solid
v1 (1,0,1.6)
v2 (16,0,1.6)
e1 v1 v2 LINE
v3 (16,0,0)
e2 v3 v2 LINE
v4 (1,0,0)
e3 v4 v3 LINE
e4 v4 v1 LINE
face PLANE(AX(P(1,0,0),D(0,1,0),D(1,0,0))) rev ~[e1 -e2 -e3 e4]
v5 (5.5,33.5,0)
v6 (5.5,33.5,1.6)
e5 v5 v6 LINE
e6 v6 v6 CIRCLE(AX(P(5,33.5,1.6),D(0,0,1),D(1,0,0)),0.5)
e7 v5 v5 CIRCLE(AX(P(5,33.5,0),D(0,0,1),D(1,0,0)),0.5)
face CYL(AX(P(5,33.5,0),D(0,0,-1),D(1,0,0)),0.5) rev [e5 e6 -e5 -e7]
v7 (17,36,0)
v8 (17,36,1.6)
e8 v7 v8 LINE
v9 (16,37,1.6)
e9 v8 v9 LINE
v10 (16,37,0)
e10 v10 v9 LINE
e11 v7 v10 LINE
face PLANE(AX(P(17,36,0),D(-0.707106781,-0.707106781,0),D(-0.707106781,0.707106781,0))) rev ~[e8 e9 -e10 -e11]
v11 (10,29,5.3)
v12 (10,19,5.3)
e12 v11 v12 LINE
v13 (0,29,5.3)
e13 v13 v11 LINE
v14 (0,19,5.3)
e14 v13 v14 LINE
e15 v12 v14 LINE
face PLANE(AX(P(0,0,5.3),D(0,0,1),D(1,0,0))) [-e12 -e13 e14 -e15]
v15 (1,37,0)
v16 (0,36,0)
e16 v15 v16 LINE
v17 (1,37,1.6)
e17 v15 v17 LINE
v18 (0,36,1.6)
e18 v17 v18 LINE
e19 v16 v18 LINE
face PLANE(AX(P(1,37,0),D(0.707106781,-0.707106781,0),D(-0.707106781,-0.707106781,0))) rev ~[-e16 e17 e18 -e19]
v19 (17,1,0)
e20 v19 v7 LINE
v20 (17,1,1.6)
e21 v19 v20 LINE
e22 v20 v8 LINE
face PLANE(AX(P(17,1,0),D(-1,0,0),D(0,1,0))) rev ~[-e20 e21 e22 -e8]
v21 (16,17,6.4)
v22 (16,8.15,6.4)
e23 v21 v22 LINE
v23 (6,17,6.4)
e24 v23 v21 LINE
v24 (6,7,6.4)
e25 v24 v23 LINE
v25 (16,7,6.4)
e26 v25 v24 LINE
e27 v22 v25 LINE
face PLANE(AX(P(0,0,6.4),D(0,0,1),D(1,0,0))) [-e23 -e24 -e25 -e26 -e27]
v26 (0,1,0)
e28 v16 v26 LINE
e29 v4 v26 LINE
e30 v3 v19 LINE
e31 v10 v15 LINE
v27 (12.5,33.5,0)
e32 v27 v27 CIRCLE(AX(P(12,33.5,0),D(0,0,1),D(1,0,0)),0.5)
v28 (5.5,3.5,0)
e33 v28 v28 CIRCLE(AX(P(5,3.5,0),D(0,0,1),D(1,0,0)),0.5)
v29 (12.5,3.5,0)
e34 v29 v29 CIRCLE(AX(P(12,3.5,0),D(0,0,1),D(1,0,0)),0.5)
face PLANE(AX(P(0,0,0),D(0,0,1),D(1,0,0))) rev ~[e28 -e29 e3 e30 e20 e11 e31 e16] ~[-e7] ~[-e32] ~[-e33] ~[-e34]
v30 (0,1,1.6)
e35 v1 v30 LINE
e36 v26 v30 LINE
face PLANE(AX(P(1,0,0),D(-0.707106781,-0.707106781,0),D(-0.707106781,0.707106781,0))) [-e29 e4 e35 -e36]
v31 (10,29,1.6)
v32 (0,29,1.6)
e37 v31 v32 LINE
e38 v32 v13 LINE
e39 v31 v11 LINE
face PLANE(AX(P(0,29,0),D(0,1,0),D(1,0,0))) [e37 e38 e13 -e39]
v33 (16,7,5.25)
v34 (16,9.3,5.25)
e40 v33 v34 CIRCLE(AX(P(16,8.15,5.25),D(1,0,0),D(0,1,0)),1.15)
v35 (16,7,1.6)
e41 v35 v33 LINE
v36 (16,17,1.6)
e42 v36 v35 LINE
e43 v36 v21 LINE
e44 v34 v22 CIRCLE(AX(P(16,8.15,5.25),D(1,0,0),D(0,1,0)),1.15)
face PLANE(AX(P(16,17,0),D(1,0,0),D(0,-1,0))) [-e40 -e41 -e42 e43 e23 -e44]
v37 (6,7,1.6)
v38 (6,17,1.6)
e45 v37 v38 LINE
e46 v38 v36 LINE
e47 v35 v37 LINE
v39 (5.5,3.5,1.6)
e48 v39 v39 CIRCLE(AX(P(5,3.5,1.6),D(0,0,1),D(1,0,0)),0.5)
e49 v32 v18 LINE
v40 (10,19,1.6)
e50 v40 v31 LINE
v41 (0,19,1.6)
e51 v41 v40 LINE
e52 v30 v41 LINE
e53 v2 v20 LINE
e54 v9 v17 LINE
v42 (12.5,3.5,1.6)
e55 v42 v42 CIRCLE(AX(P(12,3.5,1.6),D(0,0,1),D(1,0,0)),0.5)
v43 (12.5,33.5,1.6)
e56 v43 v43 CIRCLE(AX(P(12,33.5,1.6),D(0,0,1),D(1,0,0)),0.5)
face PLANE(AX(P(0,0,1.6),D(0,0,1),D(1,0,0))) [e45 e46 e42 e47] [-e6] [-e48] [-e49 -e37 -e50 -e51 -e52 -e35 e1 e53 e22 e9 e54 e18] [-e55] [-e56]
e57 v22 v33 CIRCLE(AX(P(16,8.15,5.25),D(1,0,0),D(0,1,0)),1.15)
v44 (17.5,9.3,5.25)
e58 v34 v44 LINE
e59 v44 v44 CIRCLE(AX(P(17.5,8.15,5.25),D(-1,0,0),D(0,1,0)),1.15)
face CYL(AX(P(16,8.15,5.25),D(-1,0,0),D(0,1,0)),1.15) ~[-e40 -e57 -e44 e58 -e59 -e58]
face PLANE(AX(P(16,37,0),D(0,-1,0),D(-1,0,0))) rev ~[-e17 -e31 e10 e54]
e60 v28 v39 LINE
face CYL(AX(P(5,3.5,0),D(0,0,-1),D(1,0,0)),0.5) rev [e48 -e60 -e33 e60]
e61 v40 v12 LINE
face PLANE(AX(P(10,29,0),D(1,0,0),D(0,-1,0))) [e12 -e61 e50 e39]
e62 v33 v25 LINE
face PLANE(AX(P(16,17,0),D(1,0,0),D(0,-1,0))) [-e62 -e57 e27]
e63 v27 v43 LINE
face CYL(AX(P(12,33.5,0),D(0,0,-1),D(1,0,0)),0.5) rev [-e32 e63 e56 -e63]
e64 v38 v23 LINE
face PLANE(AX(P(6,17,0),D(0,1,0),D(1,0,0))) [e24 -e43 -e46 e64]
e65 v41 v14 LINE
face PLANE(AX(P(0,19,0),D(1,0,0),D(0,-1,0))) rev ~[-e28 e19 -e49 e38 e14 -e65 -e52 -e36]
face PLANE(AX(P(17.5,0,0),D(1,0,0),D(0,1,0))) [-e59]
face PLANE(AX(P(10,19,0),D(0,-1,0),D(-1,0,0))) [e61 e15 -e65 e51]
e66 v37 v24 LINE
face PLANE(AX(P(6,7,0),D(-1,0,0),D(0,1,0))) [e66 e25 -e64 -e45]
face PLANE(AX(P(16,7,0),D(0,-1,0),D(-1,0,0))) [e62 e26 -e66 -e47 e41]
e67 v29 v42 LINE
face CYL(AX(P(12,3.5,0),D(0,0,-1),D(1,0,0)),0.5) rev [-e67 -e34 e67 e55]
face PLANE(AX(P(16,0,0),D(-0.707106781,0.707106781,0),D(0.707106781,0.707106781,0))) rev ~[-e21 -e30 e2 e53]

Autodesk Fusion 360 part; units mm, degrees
sketch "Skizze1" plane through (0, 0, 0) normal (0, 0, 1) x (1, 0, 0)
  line L0 (2.5, 0) -> (15.28, 0)
  line L1 (17.78, 2.5) -> (17.78, 16.55)
  line L2 (15.28, 19.05) -> (2.5, 19.05)
  line L3 (0, 16.55) -> (0, 2.5)
  arc A0 (2.5, 19.05) -> (0, 16.55) centre (2.5, 16.55) ccw
  arc A1 (17.78, 16.55) -> (15.28, 19.05) centre (15.28, 16.55) ccw
  arc A2 (15.28, 0) -> (17.78, 2.5) centre (15.28, 2.5) ccw
  arc A3 (0, 2.5) -> (2.5, 0) centre (2.5, 2.5) ccw
  circle A4 centre (2.5, 16.55) radius 1
  circle A5 centre (15.2, 16.55) radius 1
  circle A6 centre (0.89, 2.5) radius 0.5
  circle A7 centre (3.5567, 2.5) radius 0.5
  circle A8 centre (6.2233, 2.5) radius 0.5
  circle A9 centre (8.89, 2.5) radius 0.5
  circle A10 centre (11.5567, 2.5) radius 0.5
  circle A11 centre (14.2233, 2.5) radius 0.5
  circle A12 centre (16.89, 2.5) radius 0.5
  point P0 (17.78, 0)
  dimension "d3" = 17.78
  dimension "d4" = 19.05
  dimension "d5" = 2.5
  dimension "d6" = 2
  dimension "d9" = 12.7
  dimension "d10" = 0
  dimension "d11" = 1
  dimension "d12" = 2.5
  dimension "d15" = 16
  dimension "d16" = 0
  dimension "d17" = 8.89
extrude "Extrusion1" add sketch "Skizze1" along normal blind 1.6

Autodesk Fusion 360 part; units mm, degrees
sketch "Skizze1" plane through (0, 0, 0) normal (0, 0, 1) x (1, 0, 0)
  line L0 (1, 0) -> (16, 0)
  line L1 (17, 1) -> (17, 36)
  line L2 (16, 37) -> (1, 37)
  line L3 (0, 36) -> (0, 1)
  circle A0 centre (5, 33.5) radius 0.5
  circle A1 centre (12, 33.5) radius 0.5
  circle A2 centre (5, 3.5) radius 0.5
  circle A3 centre (12, 3.5) radius 0.5
  line L4 (0, 29) -> (10, 29)
  line L5 (10, 29) -> (10, 19)
  line L6 (10, 19) -> (0, 19)
  line L7 (0, 19) -> (0, 29)
  line L8 (16, 7) -> (6, 7)
  line L9 (6, 7) -> (6, 17)
  line L10 (6, 17) -> (16, 17)
  line L11 (16, 17) -> (16, 7)
  line L12 (1, 37) -> (0, 36)
  line L13 (17, 36) -> (16, 37)
  line L14 (1, 0) -> (0, 1)
  line L15 (16, 0) -> (17, 1)
  point P0 (17, 0)
  point P1 (17, 37)
  point P2 (0, 37)
  dimension "d1" = 17
  dimension "d2" = 37
  dimension "d3" = 1
  dimension "d4" = 5
  dimension "d5" = 3.5
  dimension "d8" = 7
  dimension "d9" = -30
  dimension "d10" = 10
  dimension "d11" = 10
  dimension "d12" = 8
  dimension "d13" = 10
  dimension "d14" = 10
  dimension "d15" = 7
  dimension "d16" = 1
  dimension "d28" = 1
  dimension "d29" = 1
  dimension "d30" = 1
  dimension "d31" = 1
  dimension "d32" = 1
  dimension "d33" = 1
  dimension "d34" = 1
  dimension "d35" = 1
extrude "Extrusion1" add sketch "Skizze1" along normal blind 1.6 contours L0 L1 L2 L3 L4 L5 L6 L12 L13 L14 L15
extrude "Extrusion2" add sketch "Skizze1" along normal blind 5.3 contours L3 L4 L5 L6 L7
extrude "Extrusion3" add sketch "Skizze1" along normal blind 6.4 contours L8 L9 L10 L11
sketch "Skizze2" plane through (16, 0, 0) normal (1, 0, 0) x (0, 1, 0)
  line L0 (17, 1.6) -> (17, 6.4)
  line L1 (17, 6.4) -> (7, 6.4)
  line L2 (7, 6.4) -> (7, 1.6)
  circle A0 centre (8.15, 5.25) radius 1.15
  line L3 (7, 1.6) -> (17, 1.6)
  dimension "d23" = 2.3
  dimension "d24" = 1.15
  dimension "d25" = 1.15
extrude "Extrusion4" add sketch "Skizze2" along normal blind 1.5 contours A0
equation "d29 = d28"
equation "d31 = d30"
equation "d33 = d32"
equation "d35 = d34"
